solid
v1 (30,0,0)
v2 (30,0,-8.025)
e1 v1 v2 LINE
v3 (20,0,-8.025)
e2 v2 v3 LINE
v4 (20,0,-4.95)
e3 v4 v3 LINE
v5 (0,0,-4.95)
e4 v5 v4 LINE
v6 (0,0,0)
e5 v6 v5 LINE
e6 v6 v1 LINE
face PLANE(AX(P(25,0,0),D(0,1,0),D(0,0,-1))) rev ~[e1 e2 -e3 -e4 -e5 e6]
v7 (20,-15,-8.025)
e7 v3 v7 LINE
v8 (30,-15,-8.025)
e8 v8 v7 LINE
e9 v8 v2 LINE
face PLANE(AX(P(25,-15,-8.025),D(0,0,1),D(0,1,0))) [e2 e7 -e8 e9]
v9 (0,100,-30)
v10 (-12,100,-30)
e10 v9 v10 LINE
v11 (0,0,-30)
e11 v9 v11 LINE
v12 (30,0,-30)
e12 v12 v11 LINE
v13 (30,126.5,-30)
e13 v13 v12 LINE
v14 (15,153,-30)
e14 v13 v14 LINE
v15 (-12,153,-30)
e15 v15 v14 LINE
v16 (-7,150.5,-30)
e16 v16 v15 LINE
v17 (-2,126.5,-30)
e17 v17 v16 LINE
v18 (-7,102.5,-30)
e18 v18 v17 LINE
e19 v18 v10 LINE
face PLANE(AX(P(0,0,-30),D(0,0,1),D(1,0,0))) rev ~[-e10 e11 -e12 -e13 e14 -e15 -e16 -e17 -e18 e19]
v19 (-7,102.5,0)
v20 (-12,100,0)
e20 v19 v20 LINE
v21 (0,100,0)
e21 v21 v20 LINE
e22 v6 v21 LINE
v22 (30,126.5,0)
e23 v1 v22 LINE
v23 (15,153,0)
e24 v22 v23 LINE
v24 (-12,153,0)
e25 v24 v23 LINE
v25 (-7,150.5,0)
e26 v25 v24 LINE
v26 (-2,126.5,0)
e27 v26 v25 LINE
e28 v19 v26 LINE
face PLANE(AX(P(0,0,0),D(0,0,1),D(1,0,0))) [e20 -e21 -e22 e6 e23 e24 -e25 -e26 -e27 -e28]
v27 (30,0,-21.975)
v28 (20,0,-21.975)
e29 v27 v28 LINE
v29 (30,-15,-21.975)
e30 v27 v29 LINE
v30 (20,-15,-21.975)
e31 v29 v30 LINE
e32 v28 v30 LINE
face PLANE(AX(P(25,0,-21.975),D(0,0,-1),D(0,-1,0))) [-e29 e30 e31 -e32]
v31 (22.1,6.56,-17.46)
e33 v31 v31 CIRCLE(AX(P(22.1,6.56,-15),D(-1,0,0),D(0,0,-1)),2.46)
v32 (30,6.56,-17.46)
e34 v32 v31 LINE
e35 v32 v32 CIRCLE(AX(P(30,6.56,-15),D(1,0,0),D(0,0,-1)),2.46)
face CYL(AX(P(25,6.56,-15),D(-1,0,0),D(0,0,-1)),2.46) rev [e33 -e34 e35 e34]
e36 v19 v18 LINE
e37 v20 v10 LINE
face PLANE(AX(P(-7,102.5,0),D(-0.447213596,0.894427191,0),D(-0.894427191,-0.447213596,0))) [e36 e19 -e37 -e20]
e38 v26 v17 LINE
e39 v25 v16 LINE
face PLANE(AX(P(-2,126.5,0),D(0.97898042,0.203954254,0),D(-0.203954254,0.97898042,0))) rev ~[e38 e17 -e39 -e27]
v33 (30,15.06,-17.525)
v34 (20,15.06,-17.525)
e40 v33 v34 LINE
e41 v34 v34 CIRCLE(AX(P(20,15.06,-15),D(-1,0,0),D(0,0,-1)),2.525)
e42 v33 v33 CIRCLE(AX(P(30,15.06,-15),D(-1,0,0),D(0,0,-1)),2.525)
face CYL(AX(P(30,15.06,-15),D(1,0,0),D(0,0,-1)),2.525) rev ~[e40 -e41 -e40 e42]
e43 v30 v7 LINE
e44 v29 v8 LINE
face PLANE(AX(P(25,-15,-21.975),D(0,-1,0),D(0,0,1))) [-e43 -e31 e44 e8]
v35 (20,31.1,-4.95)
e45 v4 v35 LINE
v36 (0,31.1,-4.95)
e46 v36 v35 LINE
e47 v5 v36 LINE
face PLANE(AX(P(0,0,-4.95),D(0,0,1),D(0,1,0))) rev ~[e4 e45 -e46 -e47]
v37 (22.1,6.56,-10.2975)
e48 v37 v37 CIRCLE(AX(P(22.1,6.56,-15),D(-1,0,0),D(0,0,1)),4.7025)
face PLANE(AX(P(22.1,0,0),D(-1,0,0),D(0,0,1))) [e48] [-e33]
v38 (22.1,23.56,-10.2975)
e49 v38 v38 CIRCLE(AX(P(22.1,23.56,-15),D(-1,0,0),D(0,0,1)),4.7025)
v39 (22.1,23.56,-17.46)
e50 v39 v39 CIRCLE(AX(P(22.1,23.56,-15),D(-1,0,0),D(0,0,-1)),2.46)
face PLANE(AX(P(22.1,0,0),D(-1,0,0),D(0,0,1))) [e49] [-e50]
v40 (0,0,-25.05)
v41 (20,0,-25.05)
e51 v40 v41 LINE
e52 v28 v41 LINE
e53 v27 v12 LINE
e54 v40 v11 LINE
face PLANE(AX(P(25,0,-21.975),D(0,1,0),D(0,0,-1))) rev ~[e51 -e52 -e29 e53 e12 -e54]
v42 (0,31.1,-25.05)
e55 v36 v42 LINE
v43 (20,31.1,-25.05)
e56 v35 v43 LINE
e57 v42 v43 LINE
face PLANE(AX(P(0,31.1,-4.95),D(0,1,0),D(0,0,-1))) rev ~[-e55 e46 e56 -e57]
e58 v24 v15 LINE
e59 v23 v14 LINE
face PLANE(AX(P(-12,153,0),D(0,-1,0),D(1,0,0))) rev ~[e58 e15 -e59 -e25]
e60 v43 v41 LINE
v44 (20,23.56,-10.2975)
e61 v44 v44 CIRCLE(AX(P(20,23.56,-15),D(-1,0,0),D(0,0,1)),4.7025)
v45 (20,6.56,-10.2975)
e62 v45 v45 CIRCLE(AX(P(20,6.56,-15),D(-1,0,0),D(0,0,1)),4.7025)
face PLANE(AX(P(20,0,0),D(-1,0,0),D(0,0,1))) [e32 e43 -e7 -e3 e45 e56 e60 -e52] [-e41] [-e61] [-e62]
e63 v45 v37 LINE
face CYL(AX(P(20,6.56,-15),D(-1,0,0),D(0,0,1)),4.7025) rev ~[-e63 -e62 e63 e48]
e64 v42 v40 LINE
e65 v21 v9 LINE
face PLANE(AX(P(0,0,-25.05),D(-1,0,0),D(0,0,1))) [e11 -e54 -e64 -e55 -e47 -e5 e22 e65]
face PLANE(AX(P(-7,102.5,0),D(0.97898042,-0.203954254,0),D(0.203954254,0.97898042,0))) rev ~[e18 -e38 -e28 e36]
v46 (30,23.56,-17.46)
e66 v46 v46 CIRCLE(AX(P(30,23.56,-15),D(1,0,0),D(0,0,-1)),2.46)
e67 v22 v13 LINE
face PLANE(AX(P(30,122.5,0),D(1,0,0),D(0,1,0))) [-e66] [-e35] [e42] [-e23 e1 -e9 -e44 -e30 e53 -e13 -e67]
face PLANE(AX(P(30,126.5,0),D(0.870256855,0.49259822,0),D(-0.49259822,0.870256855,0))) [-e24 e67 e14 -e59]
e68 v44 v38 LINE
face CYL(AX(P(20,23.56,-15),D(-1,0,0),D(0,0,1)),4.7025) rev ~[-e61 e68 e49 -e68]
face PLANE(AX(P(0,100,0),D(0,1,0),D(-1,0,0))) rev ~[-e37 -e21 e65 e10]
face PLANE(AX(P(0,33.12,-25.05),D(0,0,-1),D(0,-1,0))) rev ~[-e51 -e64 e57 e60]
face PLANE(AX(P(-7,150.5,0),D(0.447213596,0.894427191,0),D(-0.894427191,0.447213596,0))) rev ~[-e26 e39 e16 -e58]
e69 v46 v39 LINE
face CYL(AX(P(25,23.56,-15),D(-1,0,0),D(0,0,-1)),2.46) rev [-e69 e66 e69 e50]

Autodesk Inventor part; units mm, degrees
ref_plane "YZ Plane" through (0, 0, 0) normal (1, 0, 0) x (0, 1, 0)
ref_plane "XZ Plane" through (0, 0, 0) normal (0, 1, 0) x (-1, 0, 0)
ref_plane "XY Plane" through (0, 0, 0) normal (0, 0, 1) x (1, 0, 0)
sketch "Sketch1" plane through (0, 0, 0) normal (0, 0, 1) x (1, 0, 0)
  line L0 (0, 0) -> (25, 0)
  line L1 (25, 0) -> (25, 40)
  line L2 (25, 40) -> (0, 40)
  line L3 (0, 40) -> (0, 0)
  dimension "d1" = 25
  dimension "d2" = 40
  dimension "d3" = 25
extrude "Extrusion1" add sketch "Sketch1" against normal blind 30
sketch "Sketch2" plane through (25, 0, 0) normal (1, 0, 0) x (0, 0, -1)
  line L0 (0, 0) -> (30, 0) projected
  circle A0 centre (15, 6.56) radius 2.46
extrude "Extrusion2" cut sketch "Sketch2" against normal blind 30
sketch "Sketch3" plane through (0, 0, 0) normal (-1, 0, 0) x (0, 0, 1)
  line L0 (0, 0) -> (-30, 0) projected
  line L1 (-25.05, 0) -> (-4.95, 0)
  line L2 (-4.95, 0) -> (-4.95, 33.12)
  line L3 (-4.95, 33.12) -> (-25.05, 33.12)
  line L4 (-25.05, 33.12) -> (-25.05, 0)
  dimension "d11" = 20.1
extrude "Extrusion3" cut sketch "Sketch3" against normal blind 20
sketch "Sketch4" plane through (0, 0, 0) normal (0, -1, 0) x (1, 0, 0)
  line L0 (20, -4.95) -> (20, -25.05) projected
  line L1 (20, -15) -> (25, -15)
  line L2 (25, 0) -> (25, -30) projected
  line L3 (20, -8.025) -> (25, -8.025)
  line L4 (25, -8.025) -> (25, -21.975)
  line L5 (25, -21.975) -> (20, -21.975)
  line L6 (20, -21.975) -> (20, -8.025)
  line L7 (20, -8.025) -> (25, -21.975) construction
  line L8 (25, -8.025) -> (20, -21.975) construction
  line L9 (25, -12.54) -> (25, -17.46) projected
  point P0 (0, 0)
  point P1 (22.5, -15)
  dimension "d14" = 13.95
extrude "Extrusion4" add sketch "Sketch4" along normal blind 15
sketch "Sketch5" plane through (20, 0, 0) normal (-1, 0, 0) x (0, 0, 1)
  circle A0 centre (-15, 6.56) radius 2.46 projected
  circle A1 centre (-15, 6.56) radius 4.7025
  circle A2 centre (-15, 6.56) radius 2.46 projected
  circle A3 centre (-15, 6.56) radius 2.46
  point P0 (0, 0)
  dimension "d17" = 9.405
extrude "Extrusion5" cut sketch "Sketch5" against normal blind 2.1
sketch "Sketch6" plane through (25, 0, 0) normal (1, 0, 0) x (0, 0, -1)
  circle A0 centre (15, 6.56) radius 4.7025 projected
  line L0 (15, 6.56) -> (15, 23.56)
  circle A1 centre (15, 23.56) radius 2.46
  point P0 (0, 0)
  dimension "d20" = 17
  dimension "d21" = 4.92
extrude "Extrusion6" cut sketch "Sketch6" against normal blind 10 contours A1
sketch "Sketch7" plane through (20, 0, 0) normal (-1, 0, 0) x (0, 0, 1)
  circle A0 centre (-15, 23.56) radius 2.46 projected
  circle A1 centre (-15, 23.56) radius 4.7025
  point P0 (0, 0)
  dimension "d24" = 9.405
extrude "Extrusion7" cut sketch "Sketch7" against normal blind 2.1
sketch "Sketch9" plane through (25, 0, 0) normal (1, 0, 0) x (0, 0, -1)
  circle A0 centre (15, 6.56) radius 2.46 projected
  circle A1 centre (15, 6.56) radius 2.46
  circle A2 centre (15, 23.56) radius 2.46 projected
  circle A3 centre (15, 23.56) radius 2.46
  line L0 (30, 40) -> (30, 0) projected
  line L1 (30, 0) -> (30, 40)
  line L2 (30, 40) -> (0, 40)
  line L3 (0, 40) -> (0, 0)
  line L4 (0, 0) -> (8.025, 0) projected
  line L5 (21.975, 0) -> (21.975, -15)
  line L6 (21.975, -15) -> (8.025, -15)
  line L7 (8.025, -15) -> (8.025, 0)
  line L8 (0, 0) -> (8.025, 0)
  line L9 (21.975, 0) -> (30, 0)
extrude "Extrusion8" add sketch "Sketch9" along normal blind 5
sketch "Sketch10" plane through (0, 40, 0) normal (0, 1, 0) x (1, 0, 0)
  line L0 (0, 30) -> (30, 30) projected
  line L1 (30, 0) -> (0, 0) projected
  line L2 (0, 30) -> (30, 30)
  line L3 (30, 30) -> (30, 0)
  line L4 (30, 0) -> (0, 0)
  line L5 (0, 0) -> (0, 30)
extrude "Extrusion9" add sketch "Sketch10" along normal blind 30
sketch "Sketch12" plane through (30, 0, 0) normal (1, 0, 0) x (0, 0, -1)
  circle A0 centre (15, 6.56) radius 2.46 projected
  line L0 (15, 6.56) -> (15, 15.06)
  circle A1 centre (15, 15.06) radius 2.525
  point P0 (0, 0)
  dimension "d31" = 8.5
  dimension "d33" = 5.05
extrude "Extrusion10" cut sketch "Sketch12" against normal blind 30 contours A1
sketch "Sketch14" plane through (0, 0, 0) normal (0, 0, 1) x (1, 0, 0)
  line L0 (30, 70) -> (0, 70) projected
  line L1 (0, 70) -> (0, 85)
  line L2 (30, 0) -> (30, 70) projected
  line L3 (30, 122.5) -> (30, 70)
  line L4 (30, 105) -> (30, 100)
  line L5 (-12, 153) -> (15, 153)
  line L6 (-7, 150.5) -> (-12, 153)
  line L7 (-7, 102.5) -> (-12, 100)
  line L8 (-7, 102.5) -> (-2, 126.5)
  line L9 (-2, 126.5) -> (-7, 150.5)
  line L10 (30, 126.5) -> (15, 153)
  line L11 (30, 122.5) -> (30, 126.5)
  line L12 (0, 85) -> (0, 100)
  line L13 (0, 100) -> (-12, 100)
  point P0 (0, 0)
  dimension "d90" = 12
extrude "Extrusion12" add sketch "Sketch14" against normal blind 30
sketch "Sketch15" plane through (0, 0, -25.05) normal (-1, 0, 0) x (0, 0, 1)
  line L0 (0, 33.12) -> (20.1, 33.12) projected
  line L1 (20.1, 33.12) -> (20.1, 0) projected
  line L2 (0, 33.12) -> (20.1, 33.12)
  line L3 (20.1, 33.12) -> (20.1, 31.1)
  line L4 (20.1, 31.1) -> (0, 31.1)
  line L5 (0, 31.1) -> (0, 33.12)
  point P0 (25.05, 0)
  dimension "d57" = 2.02
extrude "Extrusion13" add sketch "Sketch15" against normal blind 20
properties part number "rec_a_48mm_x_30mm"
